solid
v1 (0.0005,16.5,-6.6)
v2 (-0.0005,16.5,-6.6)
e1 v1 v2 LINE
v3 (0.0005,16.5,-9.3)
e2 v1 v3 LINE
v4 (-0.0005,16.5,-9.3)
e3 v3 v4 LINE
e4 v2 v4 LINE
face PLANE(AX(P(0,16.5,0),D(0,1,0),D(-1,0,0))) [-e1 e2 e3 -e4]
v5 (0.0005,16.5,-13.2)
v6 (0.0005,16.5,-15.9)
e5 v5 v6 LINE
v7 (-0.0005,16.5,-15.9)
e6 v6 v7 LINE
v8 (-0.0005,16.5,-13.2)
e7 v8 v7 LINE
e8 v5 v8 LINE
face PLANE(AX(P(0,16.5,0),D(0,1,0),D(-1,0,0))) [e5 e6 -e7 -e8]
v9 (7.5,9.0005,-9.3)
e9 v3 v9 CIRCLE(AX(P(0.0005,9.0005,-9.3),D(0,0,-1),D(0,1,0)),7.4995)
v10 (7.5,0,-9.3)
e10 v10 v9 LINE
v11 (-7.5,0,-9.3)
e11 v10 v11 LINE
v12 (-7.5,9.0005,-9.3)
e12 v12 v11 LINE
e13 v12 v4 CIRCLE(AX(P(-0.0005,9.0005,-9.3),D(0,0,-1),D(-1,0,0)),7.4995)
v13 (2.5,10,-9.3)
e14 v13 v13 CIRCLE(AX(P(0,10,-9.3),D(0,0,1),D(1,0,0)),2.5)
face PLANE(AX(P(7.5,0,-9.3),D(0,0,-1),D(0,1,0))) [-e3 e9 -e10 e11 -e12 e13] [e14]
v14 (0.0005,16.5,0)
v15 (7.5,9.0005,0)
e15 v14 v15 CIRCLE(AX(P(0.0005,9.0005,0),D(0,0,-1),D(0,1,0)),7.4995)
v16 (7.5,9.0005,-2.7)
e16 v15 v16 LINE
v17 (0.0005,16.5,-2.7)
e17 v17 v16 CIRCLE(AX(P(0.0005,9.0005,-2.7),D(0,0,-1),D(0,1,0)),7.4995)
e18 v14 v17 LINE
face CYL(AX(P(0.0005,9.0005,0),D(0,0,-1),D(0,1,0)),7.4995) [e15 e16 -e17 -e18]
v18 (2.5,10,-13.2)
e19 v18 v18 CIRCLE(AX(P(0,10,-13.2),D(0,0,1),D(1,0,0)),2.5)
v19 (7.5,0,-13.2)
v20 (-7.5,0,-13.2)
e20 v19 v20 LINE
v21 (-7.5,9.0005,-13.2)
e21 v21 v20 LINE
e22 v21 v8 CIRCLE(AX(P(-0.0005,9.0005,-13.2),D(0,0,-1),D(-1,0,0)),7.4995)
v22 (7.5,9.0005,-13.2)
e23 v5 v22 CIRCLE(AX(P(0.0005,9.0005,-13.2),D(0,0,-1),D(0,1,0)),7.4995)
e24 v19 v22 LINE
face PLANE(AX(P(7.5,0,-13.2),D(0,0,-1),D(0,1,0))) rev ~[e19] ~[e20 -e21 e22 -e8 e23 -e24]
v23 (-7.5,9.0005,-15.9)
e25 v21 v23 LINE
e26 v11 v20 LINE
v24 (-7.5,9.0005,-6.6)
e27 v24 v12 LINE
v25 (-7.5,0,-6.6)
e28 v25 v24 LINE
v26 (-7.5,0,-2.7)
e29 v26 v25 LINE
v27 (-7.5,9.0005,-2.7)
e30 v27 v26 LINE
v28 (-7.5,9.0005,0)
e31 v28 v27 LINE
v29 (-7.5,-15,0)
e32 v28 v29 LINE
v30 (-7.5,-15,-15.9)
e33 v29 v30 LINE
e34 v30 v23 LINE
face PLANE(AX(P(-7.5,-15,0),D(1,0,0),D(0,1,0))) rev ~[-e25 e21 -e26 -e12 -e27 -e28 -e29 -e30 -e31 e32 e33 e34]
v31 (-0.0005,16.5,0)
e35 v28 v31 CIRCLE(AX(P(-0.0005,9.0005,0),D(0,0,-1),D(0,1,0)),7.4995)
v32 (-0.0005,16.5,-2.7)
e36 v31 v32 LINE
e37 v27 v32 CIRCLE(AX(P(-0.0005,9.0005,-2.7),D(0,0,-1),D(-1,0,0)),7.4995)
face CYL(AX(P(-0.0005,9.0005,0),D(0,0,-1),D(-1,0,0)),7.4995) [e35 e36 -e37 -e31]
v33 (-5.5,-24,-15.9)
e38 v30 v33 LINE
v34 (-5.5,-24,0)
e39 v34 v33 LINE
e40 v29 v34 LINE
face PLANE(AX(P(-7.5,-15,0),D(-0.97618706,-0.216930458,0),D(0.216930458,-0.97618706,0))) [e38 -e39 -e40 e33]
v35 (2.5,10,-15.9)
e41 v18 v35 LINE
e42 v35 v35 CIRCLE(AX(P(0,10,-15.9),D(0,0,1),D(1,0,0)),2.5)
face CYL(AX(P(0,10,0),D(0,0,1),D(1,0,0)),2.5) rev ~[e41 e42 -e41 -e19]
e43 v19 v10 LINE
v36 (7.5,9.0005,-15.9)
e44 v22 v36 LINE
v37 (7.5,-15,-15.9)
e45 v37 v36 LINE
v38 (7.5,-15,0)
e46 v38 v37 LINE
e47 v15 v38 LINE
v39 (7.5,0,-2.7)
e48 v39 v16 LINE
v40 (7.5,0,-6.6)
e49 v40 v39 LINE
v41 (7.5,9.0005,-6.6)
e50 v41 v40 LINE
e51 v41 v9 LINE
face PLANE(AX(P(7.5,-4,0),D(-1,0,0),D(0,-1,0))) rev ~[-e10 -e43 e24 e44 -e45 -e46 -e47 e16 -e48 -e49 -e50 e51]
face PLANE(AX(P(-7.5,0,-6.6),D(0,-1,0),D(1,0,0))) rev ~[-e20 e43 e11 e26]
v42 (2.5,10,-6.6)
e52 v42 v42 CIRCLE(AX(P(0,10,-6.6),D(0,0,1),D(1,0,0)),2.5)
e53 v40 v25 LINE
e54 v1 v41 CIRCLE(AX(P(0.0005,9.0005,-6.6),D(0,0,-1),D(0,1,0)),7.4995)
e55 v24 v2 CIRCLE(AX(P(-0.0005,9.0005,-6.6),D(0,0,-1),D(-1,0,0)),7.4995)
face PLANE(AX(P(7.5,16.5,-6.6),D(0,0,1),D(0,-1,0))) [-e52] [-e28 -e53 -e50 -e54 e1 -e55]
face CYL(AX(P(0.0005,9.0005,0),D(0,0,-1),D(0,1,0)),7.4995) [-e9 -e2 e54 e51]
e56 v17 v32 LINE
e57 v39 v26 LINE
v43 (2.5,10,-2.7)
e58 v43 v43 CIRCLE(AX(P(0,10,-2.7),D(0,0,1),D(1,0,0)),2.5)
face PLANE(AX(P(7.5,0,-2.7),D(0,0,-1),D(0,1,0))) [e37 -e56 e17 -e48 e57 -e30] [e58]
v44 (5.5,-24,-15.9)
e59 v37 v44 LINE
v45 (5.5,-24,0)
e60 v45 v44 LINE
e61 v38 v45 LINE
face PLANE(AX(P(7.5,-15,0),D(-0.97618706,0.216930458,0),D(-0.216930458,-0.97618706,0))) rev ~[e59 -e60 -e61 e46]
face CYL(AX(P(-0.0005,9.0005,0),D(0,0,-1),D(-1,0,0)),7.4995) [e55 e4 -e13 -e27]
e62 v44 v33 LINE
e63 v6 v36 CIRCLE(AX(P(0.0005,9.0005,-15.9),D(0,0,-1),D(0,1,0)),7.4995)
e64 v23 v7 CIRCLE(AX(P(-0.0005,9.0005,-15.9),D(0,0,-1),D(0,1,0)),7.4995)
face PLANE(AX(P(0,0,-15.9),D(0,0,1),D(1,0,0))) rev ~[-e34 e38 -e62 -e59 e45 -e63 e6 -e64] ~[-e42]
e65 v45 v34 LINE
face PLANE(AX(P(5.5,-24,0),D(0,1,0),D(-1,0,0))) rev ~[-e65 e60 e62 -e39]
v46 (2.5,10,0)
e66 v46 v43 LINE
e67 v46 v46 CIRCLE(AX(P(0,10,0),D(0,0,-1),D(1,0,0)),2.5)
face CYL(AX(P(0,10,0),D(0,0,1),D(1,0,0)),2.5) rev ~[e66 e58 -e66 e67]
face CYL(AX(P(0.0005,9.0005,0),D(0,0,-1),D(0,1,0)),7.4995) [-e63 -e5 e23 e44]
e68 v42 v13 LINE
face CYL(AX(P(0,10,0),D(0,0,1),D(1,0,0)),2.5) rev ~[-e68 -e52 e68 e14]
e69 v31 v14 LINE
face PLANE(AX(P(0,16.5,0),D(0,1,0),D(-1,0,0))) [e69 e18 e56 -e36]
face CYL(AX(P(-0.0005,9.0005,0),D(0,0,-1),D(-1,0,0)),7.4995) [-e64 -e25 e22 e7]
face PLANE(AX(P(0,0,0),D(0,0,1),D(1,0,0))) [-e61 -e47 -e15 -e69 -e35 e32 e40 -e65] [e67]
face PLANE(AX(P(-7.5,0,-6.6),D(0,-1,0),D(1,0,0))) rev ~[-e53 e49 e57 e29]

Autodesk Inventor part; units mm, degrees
ref_plane "YZ Plane" through (0, 0, 0) normal (1, 0, 0) x (0, 1, 0)
ref_plane "XZ Plane" through (0, 0, 0) normal (0, 1, 0) x (-1, 0, 0)
ref_plane "XY Plane" through (0, 0, 0) normal (0, 0, 1) x (1, 0, 0)
sketch "Sketch4" plane through (0, 0, 0) normal (0, 0, 1) x (1, 0, 0)
  line L0 (-10.5, 0) -> (10.5, 0) projected
  line L1 (0, -3.3) -> (0, 19.8) projected
  line L2 (-7.5, 0) -> (7.5, 0)
  line L3 (7.5, 0) -> (7.5, 16.5)
  line L4 (7.5, 16.5) -> (-7.5, 16.5)
  line L5 (-7.5, 16.5) -> (-7.5, 0)
  circle A0 centre (0, 10) radius 2.5
  point P0 (0, 0)
  dimension "d0" = 7.5
  dimension "d1" = 7.5
  dimension "d2" = 16.5
  dimension "d3" = 5
  dimension "d4" = 6.5
extrude "Extrusion1" add sketch "Sketch4" against normal blind 15.9 contours L5 L4 L1 A0 L0 | L1 A0 L4 L3 L0
fillet "Fillet1" radius 7.5 2 edges at (7.5, 16.5, -7.95) (-7.5, 16.5, -7.95)
sketch "Sketch13" plane through (7.5, 9, 0) normal (1, 0, 0) x (0, 0, -1)
  line L0 (0, -12.3) -> (0, 10.8) projected
  line L1 (19.08, -9) -> (-3.18, -9) projected
  line L2 (0, -9) -> (0, 0) projected
  line L3 (0, 7.5) -> (15.9, 7.5) projected
  line L4 (0, -9) -> (2.7, -9)
  line L5 (2.7, -9) -> (2.7, 7.5)
  line L6 (2.7, 7.5) -> (0, 7.5)
  line L7 (0, 7.5) -> (0, -9)
  line L8 (15.9, -9) -> (15.9, 0) projected
  line L9 (15.9, -9) -> (13.2, -9)
  line L10 (13.2, -9) -> (13.2, 7.5)
  line L11 (13.2, 7.5) -> (15.9, 7.5)
  line L12 (15.9, 7.5) -> (15.9, -9)
  line L13 (6.6, -9) -> (9.3, -9)
  line L14 (9.3, -9) -> (9.3, 7.5)
  line L15 (9.3, 7.5) -> (6.6, 7.5)
  line L16 (6.6, 7.5) -> (6.6, -9)
  dimension "d47" = 2.7
  dimension "d48" = 2.7
  dimension "d49" = 2.7
  dimension "d50" = 15.9
  dimension "d51" = 3.9
  dimension "d52" = 3.9
extrude "Extrusion8" cut sketch "Sketch13" against normal through all contours L5 L3 L16 L1 | L14 L3 L10 L1
sketch "Sketch14" plane through (-7.5, 0, -6.6) normal (0, -1, 0) x (1, 0, 0)
  line L0 (0, 6.6) -> (15, 6.6) projected
  line L1 (15, -9.3) -> (0, -9.3) projected
  line L2 (15, 6.6) -> (0, 6.6)
  line L3 (0, 6.6) -> (0, -9.3)
  line L4 (0, -9.3) -> (15, -9.3)
  line L5 (15, -9.3) -> (15, 6.6)
  point P0 (7.5, 6.6)
extrude "Extrusion9" add sketch "Sketch14" along normal blind 4
sketch "Sketch15" plane through (0, 0, 0) normal (0, 0, 1) x (1, 0, 0)
  point P0 (0, 0)
sketch "Sketch16" plane through (0, 0, 0) normal (0, 0, 1) x (1, 0, 0)
  line L0 (-7.5, 9) -> (-7.5, -4) projected
  line L1 (-7.5, -4) -> (7.5, -4)
  line L2 (7.5, -4) -> (7.5, -24)
  line L3 (7.5, -24) -> (-7.5, -24)
  line L4 (-7.5, -24) -> (-7.5, -4)
  line L5 (7.5, -15) -> (5.5, -24)
  line L6 (-7.5, -15) -> (-5.5, -24)
  point P0 (0, 0)
  dimension "d57" = 15
  dimension "d58" = 20
  dimension "d59" = 9
  dimension "d60" = 2
  dimension "d61" = 2
  dimension "d62" = 9
extrude "Extrusion10" add sketch "Sketch16" against normal blind 15.9 contours L1 L2 L5 L3 L6 L4
properties part number "mountBrio"
